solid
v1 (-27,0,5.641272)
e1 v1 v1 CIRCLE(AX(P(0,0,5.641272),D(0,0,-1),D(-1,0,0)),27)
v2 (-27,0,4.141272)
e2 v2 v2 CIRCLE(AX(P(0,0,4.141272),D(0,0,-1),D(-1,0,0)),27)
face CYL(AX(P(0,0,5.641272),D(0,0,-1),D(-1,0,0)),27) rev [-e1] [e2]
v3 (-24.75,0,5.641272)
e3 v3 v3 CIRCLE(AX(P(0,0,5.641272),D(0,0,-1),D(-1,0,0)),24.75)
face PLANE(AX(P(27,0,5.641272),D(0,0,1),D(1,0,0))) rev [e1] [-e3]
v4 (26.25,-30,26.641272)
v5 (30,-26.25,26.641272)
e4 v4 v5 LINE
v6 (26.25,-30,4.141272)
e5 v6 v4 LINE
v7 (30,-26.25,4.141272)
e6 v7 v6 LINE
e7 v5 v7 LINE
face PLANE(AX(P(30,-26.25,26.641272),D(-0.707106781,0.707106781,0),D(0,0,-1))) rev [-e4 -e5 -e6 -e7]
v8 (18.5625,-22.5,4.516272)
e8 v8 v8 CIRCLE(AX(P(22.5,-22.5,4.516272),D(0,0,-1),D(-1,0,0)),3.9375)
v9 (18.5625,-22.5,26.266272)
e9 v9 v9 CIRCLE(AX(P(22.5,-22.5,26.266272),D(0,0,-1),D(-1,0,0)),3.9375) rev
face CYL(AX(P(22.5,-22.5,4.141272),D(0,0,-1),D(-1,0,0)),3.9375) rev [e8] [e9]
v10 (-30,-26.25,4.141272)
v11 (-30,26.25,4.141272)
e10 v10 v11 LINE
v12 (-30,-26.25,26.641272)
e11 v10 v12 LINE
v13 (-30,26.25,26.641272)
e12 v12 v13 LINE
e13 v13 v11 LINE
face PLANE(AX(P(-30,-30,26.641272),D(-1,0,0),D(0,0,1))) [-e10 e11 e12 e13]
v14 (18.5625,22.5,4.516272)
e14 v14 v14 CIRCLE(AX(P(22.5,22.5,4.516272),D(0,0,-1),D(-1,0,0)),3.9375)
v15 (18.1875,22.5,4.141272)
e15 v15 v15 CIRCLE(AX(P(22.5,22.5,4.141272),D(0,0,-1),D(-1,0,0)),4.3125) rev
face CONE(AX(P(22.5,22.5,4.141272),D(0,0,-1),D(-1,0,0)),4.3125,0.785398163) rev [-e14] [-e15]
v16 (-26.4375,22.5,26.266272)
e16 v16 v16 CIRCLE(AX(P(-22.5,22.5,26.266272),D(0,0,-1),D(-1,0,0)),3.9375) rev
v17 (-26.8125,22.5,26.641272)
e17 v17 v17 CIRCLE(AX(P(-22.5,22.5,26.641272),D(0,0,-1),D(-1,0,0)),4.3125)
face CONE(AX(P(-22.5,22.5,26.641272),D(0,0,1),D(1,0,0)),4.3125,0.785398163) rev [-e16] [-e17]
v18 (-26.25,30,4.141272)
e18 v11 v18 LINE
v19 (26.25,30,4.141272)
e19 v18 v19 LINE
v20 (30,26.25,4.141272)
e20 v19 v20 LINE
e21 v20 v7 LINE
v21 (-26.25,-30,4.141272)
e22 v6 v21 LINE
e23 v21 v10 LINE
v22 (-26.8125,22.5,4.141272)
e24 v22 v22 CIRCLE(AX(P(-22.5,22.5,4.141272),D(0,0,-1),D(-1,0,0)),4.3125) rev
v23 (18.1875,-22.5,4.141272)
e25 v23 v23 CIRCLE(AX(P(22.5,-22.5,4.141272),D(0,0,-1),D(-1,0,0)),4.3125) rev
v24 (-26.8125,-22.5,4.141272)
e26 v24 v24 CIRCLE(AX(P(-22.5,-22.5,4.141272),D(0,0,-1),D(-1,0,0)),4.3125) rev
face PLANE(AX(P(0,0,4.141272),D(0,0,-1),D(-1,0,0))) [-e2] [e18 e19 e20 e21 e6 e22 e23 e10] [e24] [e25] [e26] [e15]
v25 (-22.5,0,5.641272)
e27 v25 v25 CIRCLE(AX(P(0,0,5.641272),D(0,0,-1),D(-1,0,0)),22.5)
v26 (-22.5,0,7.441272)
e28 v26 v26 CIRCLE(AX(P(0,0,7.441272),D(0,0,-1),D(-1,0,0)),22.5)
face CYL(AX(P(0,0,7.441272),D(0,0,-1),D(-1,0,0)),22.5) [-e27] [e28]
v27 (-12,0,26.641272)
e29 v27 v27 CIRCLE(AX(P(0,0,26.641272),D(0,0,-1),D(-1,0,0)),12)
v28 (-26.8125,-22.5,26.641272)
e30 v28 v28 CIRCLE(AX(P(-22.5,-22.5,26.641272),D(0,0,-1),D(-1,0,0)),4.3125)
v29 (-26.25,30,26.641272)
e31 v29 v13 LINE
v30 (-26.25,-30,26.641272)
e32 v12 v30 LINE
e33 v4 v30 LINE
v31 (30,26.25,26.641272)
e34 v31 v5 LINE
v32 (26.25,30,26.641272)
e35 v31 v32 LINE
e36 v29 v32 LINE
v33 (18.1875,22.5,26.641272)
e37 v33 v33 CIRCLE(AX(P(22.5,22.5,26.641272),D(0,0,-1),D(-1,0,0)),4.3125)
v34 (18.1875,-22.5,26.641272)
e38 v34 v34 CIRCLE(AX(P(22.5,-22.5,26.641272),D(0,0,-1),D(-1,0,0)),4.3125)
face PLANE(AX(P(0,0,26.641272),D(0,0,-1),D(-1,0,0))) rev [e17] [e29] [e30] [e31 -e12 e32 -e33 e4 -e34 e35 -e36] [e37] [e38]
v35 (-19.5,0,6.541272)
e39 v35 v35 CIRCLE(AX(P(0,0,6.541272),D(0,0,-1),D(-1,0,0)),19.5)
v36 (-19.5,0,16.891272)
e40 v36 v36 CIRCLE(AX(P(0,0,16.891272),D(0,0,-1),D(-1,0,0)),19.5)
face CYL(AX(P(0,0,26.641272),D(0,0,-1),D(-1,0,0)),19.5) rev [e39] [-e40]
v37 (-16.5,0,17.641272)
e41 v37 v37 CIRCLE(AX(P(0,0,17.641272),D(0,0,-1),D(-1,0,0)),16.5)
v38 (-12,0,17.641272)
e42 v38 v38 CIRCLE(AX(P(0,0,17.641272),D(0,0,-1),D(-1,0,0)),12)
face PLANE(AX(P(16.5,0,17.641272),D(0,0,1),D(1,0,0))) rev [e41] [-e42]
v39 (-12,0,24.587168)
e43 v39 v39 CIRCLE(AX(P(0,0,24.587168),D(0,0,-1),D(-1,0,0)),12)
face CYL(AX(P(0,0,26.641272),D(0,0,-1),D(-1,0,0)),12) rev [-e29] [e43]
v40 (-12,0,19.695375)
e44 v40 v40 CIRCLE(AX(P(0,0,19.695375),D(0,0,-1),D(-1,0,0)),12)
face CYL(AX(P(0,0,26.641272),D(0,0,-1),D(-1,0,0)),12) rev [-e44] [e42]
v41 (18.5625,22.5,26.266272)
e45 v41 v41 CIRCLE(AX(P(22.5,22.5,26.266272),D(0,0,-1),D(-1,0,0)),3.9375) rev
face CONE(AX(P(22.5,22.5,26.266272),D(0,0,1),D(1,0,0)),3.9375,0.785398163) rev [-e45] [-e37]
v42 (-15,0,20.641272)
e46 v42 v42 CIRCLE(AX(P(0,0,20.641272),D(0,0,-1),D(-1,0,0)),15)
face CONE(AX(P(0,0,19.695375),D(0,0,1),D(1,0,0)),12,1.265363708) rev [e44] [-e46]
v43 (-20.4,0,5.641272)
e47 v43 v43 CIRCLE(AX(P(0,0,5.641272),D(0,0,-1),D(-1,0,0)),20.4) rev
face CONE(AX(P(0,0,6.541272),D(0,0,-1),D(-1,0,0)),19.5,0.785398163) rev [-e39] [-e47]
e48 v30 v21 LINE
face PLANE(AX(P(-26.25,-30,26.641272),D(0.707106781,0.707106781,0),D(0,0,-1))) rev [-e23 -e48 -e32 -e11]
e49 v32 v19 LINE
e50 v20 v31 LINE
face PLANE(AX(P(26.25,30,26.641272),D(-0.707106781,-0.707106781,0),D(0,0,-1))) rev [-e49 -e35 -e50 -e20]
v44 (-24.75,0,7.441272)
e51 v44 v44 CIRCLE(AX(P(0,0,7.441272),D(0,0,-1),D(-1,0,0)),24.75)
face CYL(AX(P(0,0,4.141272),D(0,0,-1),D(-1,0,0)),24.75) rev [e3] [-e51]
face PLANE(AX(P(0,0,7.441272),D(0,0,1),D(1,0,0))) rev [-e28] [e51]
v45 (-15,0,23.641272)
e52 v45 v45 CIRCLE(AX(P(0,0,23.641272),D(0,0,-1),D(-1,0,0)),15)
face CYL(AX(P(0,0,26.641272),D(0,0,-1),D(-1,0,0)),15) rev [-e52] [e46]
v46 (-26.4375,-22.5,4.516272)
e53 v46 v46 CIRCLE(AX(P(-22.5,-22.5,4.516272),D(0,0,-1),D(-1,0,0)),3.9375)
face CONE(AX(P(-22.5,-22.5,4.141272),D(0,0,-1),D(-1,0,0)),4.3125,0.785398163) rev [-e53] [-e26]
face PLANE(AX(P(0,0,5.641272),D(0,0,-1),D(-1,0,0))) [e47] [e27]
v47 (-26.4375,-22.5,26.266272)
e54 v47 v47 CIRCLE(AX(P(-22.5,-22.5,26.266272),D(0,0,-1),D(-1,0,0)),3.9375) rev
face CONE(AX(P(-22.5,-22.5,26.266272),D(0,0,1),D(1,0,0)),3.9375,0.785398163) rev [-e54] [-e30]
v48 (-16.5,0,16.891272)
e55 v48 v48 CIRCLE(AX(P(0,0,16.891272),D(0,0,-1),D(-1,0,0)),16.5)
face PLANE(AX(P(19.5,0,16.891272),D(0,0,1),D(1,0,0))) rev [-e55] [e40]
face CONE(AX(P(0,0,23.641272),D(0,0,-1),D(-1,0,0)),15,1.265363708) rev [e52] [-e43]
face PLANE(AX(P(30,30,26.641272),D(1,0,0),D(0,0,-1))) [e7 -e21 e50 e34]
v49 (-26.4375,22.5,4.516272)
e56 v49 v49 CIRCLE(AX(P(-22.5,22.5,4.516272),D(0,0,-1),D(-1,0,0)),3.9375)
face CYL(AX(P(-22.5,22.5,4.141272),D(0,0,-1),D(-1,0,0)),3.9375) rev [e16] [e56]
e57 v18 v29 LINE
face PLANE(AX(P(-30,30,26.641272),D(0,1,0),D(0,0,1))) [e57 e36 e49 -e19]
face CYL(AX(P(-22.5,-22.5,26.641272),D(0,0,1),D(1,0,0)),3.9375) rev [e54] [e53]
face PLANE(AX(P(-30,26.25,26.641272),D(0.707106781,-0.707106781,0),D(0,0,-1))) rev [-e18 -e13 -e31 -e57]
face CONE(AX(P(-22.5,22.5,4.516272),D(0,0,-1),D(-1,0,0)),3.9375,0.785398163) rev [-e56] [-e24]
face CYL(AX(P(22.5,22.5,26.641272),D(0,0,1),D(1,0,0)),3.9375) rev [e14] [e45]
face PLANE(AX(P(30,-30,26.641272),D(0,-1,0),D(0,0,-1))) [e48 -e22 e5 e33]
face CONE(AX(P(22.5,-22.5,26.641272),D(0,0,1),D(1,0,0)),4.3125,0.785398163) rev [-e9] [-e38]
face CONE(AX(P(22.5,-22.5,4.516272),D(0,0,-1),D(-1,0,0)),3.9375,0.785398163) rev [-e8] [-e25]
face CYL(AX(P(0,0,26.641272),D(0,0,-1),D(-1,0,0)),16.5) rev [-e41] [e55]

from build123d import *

# Parameters (mm, degrees)
SKETCH1_W                        = 80
SKETCH1_H                        = 80
BOSS_EXTRUDE1_DEPTH              = 30
M56_CLEARANCE_HOLE1_D            = 66
M56_CLEARANCE_HOLE1_DEPTH        = 4.4
SKETCH4_W                        = 3
SKETCH4_H                        = 2
SKETCH5_W                        = 30
SKETCH5_H                        = 2.4
F_10_5_10_5_DIAMETER_HOLE1_D     = 10.5
F_10_5_10_5_DIAMETER_HOLE1_DEPTH = 30
F_10_5_10_5_DIAMETER_HOLE2_D     = 10.5
F_10_5_10_5_DIAMETER_HOLE2_DEPTH = 30
CHAMFER1_SIZE                    = 5
CHAMFER2_SIZE                    = 0.5
CHAMFER3_SIZE                    = 1.2
SCALE1_SCALE                     = 0.75


with BuildPart() as part:
    # Sketch1 → Boss-Extrude1 (new body)
    with BuildSketch(Plane(origin=(0, 0, 0), x_dir=(-1, 0, 0), z_dir=(0, 0, -1))):
        Rectangle(SKETCH1_W, SKETCH1_H)
    extrude(amount=-BOSS_EXTRUDE1_DEPTH)

    # M56 Clearance Hole1
    with Locations(Plane(origin=(0, 0, 0), x_dir=(-1, 0, 0), z_dir=(0, 0, -1))):
        with Locations((0, 0)):
            Hole(M56_CLEARANCE_HOLE1_D / 2, depth=M56_CLEARANCE_HOLE1_DEPTH)

    # Sketch4 → Cut-Revolve1 (revolve, cut)
    with BuildSketch(Plane.XZ):
        with Locations((34.5, 1)):
            Rectangle(SKETCH4_W, SKETCH4_H)
    revolve(axis=Axis((0, 0, 2), (0, 0, -1)), mode=Mode.SUBTRACT)

    # Sketch5 → Revolve1 (revolve)
    with BuildSketch(Plane.XZ):
        with Locations((15, 3.2)):
            Rectangle(SKETCH5_W, SKETCH5_H)
    revolve(axis=Axis((0, 0, 4.4), (0, 0, -1)))

    # Sketch6 → Cut-Revolve2 (revolve, cut)
    with BuildSketch(Plane.XZ):
        Polygon((16, 30), (0, 30), (0, 2), (26, 2), (26, 17), (22, 17), (22, 18), (16, 18), (16, 20.738804844), (20, 22), (20, 26), (16, 27.261195156), align=None)
    revolve(axis=Axis((0, 0, 30), (0, 0, -1)), mode=Mode.SUBTRACT)

    # Ø10.5 (10.5) Diameter Hole1
    with Locations(Plane.XY.offset(30)):
        with Locations((-30, -30), (30, 30)):
            Hole(F_10_5_10_5_DIAMETER_HOLE1_D / 2, depth=F_10_5_10_5_DIAMETER_HOLE1_DEPTH)

    # Ø10.5 (10.5) Diameter Hole2
    with Locations(Plane(origin=(0, 0, 0), x_dir=(-1, 0, 0), z_dir=(0, 0, -1))):
        with Locations((30, 30), (-30, -30)):
            Hole(F_10_5_10_5_DIAMETER_HOLE2_D / 2, depth=F_10_5_10_5_DIAMETER_HOLE2_DEPTH)

    # Chamfer1
    chamfer1_edges = [part.edges().sort_by_distance(p)[0] for p in [
        (-40, -40, 15),
        (40, -40, 15),
        (40, 40, 15),
        (-40, 40, 15),
    ]]
    chamfer(chamfer1_edges, length=CHAMFER1_SIZE)

    # Chamfer2
    chamfer2_edges = [part.edges().sort_by_distance(p)[0] for p in [
        (35.25, 30, 30),
        (35.25, 30, 0),
        (-24.75, -30, 30),
        (-24.75, -30, 0),
        (24.75, -30, 0),
        (24.75, -30, 30),
        (-35.25, 30, 0),
        (-35.25, 30, 30),
    ]]
    chamfer(chamfer2_edges, length=CHAMFER2_SIZE)

    # Chamfer3
    chamfer3_edges = [part.edges().sort_by_distance(p)[0] for p in [
        (-26, 0, 2),
    ]]
    chamfer(chamfer3_edges, length=CHAMFER3_SIZE)


with BuildPart() as part_1:
    # Scale1: scaled about (0, 0, 16.565087269)
    add(part.part.scale(SCALE1_SCALE).moved(Location((0, 0, 4.141271817))))


solid = part_1.part
